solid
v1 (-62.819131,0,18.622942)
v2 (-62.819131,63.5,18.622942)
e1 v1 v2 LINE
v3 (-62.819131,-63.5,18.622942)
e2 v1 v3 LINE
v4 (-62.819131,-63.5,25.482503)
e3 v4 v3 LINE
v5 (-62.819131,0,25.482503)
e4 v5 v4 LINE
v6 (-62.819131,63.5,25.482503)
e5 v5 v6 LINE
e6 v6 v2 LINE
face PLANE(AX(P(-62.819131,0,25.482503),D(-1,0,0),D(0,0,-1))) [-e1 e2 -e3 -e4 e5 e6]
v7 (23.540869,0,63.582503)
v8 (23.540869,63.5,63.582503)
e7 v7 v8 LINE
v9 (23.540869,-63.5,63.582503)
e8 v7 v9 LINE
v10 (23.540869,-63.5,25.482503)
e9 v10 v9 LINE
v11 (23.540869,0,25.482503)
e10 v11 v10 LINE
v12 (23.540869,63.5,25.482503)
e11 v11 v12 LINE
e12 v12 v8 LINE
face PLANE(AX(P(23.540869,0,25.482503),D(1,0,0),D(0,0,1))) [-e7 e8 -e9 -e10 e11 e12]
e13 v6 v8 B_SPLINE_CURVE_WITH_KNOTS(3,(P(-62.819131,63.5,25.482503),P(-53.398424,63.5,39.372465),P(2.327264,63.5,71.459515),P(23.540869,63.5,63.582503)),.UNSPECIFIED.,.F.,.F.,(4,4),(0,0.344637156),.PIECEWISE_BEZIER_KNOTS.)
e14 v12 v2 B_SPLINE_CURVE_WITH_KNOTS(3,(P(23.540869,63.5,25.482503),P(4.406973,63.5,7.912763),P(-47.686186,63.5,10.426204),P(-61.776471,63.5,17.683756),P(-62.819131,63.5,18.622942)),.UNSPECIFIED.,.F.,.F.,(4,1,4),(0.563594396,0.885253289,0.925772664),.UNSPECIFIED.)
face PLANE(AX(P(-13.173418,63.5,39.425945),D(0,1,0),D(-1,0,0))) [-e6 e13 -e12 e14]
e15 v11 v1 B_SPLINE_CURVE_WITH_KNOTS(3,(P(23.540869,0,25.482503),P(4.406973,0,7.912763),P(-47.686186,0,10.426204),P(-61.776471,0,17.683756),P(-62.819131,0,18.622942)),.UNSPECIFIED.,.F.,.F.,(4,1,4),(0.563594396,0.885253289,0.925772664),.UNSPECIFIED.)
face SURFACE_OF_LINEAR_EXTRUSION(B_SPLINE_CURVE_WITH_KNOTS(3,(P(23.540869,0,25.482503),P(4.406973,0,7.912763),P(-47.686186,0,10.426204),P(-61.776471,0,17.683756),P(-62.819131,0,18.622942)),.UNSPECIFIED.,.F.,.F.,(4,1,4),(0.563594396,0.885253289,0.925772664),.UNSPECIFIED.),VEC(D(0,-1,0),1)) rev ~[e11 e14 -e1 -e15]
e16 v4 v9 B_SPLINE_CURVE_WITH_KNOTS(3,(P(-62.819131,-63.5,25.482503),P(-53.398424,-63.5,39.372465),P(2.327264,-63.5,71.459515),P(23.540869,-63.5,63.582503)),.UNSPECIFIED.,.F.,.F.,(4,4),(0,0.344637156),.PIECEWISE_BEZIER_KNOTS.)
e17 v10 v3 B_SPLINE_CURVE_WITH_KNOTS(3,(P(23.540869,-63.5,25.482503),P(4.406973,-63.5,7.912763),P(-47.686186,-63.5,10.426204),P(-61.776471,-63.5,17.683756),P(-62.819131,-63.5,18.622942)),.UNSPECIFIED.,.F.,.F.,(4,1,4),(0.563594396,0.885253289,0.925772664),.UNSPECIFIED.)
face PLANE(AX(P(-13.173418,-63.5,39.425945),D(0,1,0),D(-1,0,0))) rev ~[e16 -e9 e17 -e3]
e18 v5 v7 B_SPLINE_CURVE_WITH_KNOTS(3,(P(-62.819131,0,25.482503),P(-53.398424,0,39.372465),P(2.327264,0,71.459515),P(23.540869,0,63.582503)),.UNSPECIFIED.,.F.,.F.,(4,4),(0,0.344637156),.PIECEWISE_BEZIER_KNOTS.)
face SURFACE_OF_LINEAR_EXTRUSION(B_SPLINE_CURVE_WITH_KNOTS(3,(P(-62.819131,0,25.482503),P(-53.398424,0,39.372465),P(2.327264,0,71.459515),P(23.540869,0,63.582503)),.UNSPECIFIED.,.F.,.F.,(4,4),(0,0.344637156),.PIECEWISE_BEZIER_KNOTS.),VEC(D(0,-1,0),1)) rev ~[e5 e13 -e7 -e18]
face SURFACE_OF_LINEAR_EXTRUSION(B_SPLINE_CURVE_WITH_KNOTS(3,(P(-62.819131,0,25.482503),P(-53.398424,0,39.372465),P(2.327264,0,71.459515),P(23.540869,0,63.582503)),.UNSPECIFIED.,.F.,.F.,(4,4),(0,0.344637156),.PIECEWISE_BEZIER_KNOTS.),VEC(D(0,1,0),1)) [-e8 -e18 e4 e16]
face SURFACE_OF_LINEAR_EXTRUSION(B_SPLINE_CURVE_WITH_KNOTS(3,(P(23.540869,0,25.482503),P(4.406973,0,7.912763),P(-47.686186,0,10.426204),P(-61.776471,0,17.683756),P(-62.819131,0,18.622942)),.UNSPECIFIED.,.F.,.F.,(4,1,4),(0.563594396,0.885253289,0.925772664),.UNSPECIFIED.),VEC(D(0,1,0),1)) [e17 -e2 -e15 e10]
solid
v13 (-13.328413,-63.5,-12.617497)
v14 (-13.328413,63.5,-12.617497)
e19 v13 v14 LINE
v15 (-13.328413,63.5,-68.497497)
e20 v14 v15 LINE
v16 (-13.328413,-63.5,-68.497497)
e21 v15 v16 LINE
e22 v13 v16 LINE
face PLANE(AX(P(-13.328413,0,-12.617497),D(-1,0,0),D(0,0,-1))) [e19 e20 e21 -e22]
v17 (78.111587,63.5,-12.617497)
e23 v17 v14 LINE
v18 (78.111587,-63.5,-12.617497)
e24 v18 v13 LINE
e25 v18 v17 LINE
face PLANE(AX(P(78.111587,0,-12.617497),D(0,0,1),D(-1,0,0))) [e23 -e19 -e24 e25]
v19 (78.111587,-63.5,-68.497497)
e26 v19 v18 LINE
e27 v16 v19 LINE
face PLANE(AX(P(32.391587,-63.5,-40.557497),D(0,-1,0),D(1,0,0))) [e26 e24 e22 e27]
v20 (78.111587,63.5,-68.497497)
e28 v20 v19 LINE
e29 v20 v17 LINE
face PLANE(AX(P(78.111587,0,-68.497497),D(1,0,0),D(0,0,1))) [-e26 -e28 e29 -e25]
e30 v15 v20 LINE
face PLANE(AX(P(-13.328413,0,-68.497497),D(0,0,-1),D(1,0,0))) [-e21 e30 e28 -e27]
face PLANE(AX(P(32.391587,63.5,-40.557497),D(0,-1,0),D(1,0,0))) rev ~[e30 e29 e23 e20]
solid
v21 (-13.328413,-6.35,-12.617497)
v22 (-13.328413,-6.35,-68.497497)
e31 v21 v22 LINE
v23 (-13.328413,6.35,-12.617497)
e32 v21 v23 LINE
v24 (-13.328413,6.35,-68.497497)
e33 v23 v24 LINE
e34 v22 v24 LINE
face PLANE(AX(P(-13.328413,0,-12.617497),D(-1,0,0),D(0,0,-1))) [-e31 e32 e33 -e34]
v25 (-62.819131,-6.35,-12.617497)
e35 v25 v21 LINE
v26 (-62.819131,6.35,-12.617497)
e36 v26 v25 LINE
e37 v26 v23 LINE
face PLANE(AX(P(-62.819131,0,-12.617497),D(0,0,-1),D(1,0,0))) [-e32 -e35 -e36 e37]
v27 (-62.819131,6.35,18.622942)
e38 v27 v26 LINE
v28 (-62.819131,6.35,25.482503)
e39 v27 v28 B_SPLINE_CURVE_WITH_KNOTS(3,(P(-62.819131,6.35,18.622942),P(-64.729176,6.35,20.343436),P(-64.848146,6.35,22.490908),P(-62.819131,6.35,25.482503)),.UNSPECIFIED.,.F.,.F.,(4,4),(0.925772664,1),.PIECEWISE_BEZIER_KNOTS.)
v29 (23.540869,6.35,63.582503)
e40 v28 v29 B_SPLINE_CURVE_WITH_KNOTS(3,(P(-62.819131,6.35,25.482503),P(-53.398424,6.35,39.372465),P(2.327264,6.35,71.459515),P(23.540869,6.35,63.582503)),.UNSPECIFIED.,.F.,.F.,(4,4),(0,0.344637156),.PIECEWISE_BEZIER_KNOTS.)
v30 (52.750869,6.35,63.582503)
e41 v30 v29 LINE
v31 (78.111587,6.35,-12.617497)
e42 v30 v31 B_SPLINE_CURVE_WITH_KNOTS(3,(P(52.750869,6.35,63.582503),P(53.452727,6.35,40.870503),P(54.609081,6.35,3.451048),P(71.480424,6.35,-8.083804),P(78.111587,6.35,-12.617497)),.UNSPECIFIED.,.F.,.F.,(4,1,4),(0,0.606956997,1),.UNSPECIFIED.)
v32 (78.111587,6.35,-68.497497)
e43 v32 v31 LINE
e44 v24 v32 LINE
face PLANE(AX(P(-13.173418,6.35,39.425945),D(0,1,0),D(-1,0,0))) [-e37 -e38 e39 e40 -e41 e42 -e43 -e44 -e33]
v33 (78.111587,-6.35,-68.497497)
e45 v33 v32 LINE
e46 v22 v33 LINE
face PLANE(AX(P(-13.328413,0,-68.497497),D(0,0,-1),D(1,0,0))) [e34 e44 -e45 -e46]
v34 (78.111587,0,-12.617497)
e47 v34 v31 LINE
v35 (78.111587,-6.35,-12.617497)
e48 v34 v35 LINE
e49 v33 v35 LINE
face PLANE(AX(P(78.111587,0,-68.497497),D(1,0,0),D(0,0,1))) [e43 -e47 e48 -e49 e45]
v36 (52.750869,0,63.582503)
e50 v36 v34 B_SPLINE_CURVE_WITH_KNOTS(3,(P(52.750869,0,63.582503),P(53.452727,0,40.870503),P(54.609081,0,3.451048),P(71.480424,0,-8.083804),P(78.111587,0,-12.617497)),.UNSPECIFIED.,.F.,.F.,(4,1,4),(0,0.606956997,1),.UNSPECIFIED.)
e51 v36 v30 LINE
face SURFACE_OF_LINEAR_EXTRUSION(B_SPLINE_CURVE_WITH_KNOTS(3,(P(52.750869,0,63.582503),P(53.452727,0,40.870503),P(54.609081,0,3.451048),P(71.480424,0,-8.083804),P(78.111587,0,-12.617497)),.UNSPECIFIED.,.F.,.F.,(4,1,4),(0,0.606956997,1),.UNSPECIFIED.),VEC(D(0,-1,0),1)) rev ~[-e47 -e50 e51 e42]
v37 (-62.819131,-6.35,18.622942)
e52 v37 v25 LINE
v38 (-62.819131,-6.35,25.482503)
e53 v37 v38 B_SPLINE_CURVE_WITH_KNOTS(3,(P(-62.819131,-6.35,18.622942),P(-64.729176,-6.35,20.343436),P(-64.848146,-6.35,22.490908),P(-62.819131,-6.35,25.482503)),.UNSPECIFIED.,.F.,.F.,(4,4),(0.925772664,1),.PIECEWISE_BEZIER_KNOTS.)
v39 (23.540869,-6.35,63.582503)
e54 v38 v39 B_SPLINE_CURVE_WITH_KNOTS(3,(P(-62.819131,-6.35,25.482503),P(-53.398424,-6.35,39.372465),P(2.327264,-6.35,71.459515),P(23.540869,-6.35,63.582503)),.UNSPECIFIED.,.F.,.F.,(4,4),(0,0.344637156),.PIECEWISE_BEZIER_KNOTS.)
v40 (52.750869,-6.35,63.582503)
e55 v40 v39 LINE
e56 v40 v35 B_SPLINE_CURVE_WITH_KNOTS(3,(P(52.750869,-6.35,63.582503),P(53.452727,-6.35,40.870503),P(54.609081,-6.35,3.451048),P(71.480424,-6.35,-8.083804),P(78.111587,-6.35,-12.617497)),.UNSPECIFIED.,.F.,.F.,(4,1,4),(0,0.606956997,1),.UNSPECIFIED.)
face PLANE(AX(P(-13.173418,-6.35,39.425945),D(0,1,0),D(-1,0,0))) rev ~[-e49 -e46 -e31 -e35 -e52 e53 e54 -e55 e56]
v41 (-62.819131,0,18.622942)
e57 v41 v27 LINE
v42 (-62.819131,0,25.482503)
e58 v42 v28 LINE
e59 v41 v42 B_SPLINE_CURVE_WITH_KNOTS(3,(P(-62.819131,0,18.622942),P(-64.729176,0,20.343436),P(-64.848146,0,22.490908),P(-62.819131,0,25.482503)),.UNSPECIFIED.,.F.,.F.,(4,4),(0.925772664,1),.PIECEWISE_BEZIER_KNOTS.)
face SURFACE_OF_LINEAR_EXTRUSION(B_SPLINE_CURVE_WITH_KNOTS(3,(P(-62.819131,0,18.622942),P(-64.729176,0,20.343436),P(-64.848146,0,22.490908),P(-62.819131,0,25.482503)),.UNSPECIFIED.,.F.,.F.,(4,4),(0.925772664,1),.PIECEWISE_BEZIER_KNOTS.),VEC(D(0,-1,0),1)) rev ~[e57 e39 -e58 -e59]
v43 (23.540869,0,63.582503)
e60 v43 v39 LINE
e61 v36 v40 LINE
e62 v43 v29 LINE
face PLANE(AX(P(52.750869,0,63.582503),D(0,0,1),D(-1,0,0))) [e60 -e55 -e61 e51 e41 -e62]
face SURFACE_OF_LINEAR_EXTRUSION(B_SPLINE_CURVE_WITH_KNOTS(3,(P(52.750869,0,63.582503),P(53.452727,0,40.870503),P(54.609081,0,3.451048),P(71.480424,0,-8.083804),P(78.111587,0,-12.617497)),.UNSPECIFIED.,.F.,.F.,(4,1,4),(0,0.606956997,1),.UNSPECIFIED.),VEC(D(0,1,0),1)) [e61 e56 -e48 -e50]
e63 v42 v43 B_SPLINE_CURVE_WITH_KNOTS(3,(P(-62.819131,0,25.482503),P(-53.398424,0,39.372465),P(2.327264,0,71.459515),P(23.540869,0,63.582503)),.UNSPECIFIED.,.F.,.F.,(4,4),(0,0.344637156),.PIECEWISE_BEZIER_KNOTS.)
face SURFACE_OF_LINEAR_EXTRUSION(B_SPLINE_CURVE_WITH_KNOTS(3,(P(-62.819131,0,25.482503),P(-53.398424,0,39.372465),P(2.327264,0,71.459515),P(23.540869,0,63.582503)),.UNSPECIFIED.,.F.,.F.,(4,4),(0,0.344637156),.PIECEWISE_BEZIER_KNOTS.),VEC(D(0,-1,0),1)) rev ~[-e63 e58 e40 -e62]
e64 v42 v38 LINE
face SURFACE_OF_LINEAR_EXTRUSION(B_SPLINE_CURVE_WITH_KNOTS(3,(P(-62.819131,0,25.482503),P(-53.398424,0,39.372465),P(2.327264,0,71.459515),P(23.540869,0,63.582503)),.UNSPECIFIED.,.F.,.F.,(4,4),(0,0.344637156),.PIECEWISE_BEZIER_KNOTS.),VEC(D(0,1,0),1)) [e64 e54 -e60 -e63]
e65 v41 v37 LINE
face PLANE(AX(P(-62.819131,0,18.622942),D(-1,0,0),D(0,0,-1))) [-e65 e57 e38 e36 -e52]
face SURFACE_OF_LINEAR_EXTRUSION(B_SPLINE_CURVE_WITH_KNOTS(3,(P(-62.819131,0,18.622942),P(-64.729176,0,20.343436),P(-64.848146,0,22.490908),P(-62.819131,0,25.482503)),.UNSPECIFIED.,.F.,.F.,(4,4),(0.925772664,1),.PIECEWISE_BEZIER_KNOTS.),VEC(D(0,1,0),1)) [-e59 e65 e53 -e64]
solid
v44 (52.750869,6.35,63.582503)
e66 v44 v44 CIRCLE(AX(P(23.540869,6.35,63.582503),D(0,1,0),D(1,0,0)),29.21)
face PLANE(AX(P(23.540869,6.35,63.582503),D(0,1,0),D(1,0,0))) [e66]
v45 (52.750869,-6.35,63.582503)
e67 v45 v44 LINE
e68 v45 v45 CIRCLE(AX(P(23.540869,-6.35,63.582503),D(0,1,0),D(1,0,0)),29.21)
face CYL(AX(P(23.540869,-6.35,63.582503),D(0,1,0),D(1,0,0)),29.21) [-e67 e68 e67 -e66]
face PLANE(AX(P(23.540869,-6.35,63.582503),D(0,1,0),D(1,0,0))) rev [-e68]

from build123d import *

# Parameters (mm, degrees)
F1_DEPTH = 63.5
F2_DEPTH = 6.35


with BuildPart() as f1:
    # F0 (on Front) → F1 (new body, symmetric)
    with BuildSketch(Plane.XZ):
        with BuildLine():
            add(Edge.make_bspline(
                [(-62.8191306663, 25.4825032473), (-53.3984235242, 39.3724645125), (2.3272637423, 71.4595154464), (23.5408693337, 63.5825032473)],
                knots=[0, 0, 0, 0, 0.3446371565, 0.3446371565, 0.3446371565, 0.3446371565], degree=3))
            Line((-62.8191306663, 25.4825032473), (23.5408693337, 25.4825032473))
            Line((23.5408693337, 25.4825032473), (23.5408693337, 63.5825032473))
        make_face()
        with BuildLine():
            Line((23.5408693337, 25.4825032473), (-62.8191306663, 25.4825032473))
            Line((-62.8191306663, 25.4825032473), (-62.8191306663, 18.6229422223))
            add(Edge.make_bspline(
                [(23.5408693337, 25.4825032473), (4.4069734926, 7.9127626337), (-47.6861862114, 10.4262042613), (-61.7764711631, 17.683755635), (-62.8191306663, 18.6229422223)],
                knots=[0.5635943956, 0.5635943956, 0.5635943956, 0.5635943956, 0.8852532886, 0.9257726642, 0.9257726642, 0.9257726642, 0.9257726642], degree=3))
        make_face()
    extrude(amount=F1_DEPTH, both=True)


with BuildPart() as f1b:
    # F0 (on Front) → F1, piece 2 (new body, symmetric)
    with BuildSketch(Plane.XZ):
        Polygon((52.7508693337, -12.6174967527), (23.5408693337, -12.6174967527), (-13.328413029, -12.6174967527), (-13.328413029, -68.4974967527), (78.111586971, -68.4974967527), (78.111586971, -12.6174967527), align=None)
    extrude(amount=F1_DEPTH, both=True)


with BuildPart() as f2:
    # F0 (on Front) → F2 (new body, symmetric)
    with BuildSketch(Plane.XZ):
        with BuildLine():
            add(Edge.make_bspline(
                [(-62.8191306663, 25.4825032473), (-53.3984235242, 39.3724645125), (2.3272637423, 71.4595154464), (23.5408693337, 63.5825032473)],
                knots=[0, 0, 0, 0, 0.3446371565, 0.3446371565, 0.3446371565, 0.3446371565], degree=3))
            Line((-62.8191306663, 25.4825032473), (23.5408693337, 25.4825032473))
            Line((23.5408693337, 25.4825032473), (23.5408693337, 63.5825032473))
        make_face()
        with BuildLine():
            Line((23.5408693337, 25.4825032473), (-62.8191306663, 25.4825032473))
            Line((-62.8191306663, 25.4825032473), (-62.8191306663, 18.6229422223))
            add(Edge.make_bspline(
                [(23.5408693337, 25.4825032473), (4.4069734926, 7.9127626337), (-47.6861862114, 10.4262042613), (-61.7764711631, 17.683755635), (-62.8191306663, 18.6229422223)],
                knots=[0.5635943956, 0.5635943956, 0.5635943956, 0.5635943956, 0.8852532886, 0.9257726642, 0.9257726642, 0.9257726642, 0.9257726642], degree=3))
        make_face()
        with BuildLine():
            Line((-62.8191306663, 18.6229422223), (-62.8191306663, 25.4825032473))
            add(Edge.make_bspline(
                [(-62.8191306663, 18.6229422223), (-64.7291758198, 20.3434356182), (-64.8481457602, 22.4909081753), (-62.8191306663, 25.4825032473)],
                knots=[0.9257726642, 0.9257726642, 0.9257726642, 0.9257726642, 1, 1, 1, 1], degree=3))
        make_face()
        with BuildLine():
            add(Edge.make_bspline(
                [(23.5408693337, 63.5825032473), (37.0184425553, 58.578025898), (36.5655520002, 37.44244585), (23.5408693337, 25.4825032473)],
                knots=[0.3446371565, 0.3446371565, 0.3446371565, 0.3446371565, 0.5635943956, 0.5635943956, 0.5635943956, 0.5635943956], degree=3))
            Line((23.5408693337, 25.4825032473), (23.5408693337, -12.6174967527))
            Line((23.5408693337, -12.6174967527), (52.7508693337, -12.6174967527))
            Line((52.7508693337, -12.6174967527), (52.7508693337, 63.5825032473))
            Line((52.7508693337, 63.5825032473), (23.5408693337, 63.5825032473))
        make_face()
        with BuildLine():
            Line((23.5408693337, 63.5825032473), (23.5408693337, 25.4825032473))
            add(Edge.make_bspline(
                [(23.5408693337, 63.5825032473), (37.0184425553, 58.578025898), (36.5655520002, 37.44244585), (23.5408693337, 25.4825032473)],
                knots=[0.3446371565, 0.3446371565, 0.3446371565, 0.3446371565, 0.5635943956, 0.5635943956, 0.5635943956, 0.5635943956], degree=3))
        make_face()
        with BuildLine():
            Line((23.5408693337, -12.6174967527), (23.5408693337, 25.4825032473))
            add(Edge.make_bspline(
                [(23.5408693337, 25.4825032473), (4.4069734926, 7.9127626337), (-47.6861862114, 10.4262042613), (-61.7764711631, 17.683755635), (-62.8191306663, 18.6229422223)],
                knots=[0.5635943956, 0.5635943956, 0.5635943956, 0.5635943956, 0.8852532886, 0.9257726642, 0.9257726642, 0.9257726642, 0.9257726642], degree=3))
            Line((-62.8191306663, 18.6229422223), (-62.8191306663, -12.6174967527))
            Line((-62.8191306663, -12.6174967527), (-13.328413029, -12.6174967527))
            Line((-13.328413029, -12.6174967527), (23.5408693337, -12.6174967527))
        make_face()
        Polygon((52.7508693337, -12.6174967527), (23.5408693337, -12.6174967527), (-13.328413029, -12.6174967527), (-13.328413029, -68.4974967527), (78.111586971, -68.4974967527), (78.111586971, -12.6174967527), align=None)
        with BuildLine():
            add(Edge.make_bspline(
                [(52.7508693337, 63.5825032473), (53.4527266053, 40.8705029879), (54.6090808037, 3.4510476137), (71.4804236947, -8.0838040244), (78.111586971, -12.6174967527)],
                knots=[0, 0, 0, 0, 0.6069569969, 1, 1, 1, 1], degree=3))
            Line((52.7508693337, 63.5825032473), (52.7508693337, -12.6174967527))
            Line((52.7508693337, -12.6174967527), (78.111586971, -12.6174967527))
        make_face()
    extrude(amount=F2_DEPTH, both=True)


with BuildPart() as f3:
    # F2_face (on face) → F3 (revolve)
    with BuildSketch(Plane(origin=(38.1458693337, 0, 63.5825032473), x_dir=(1, 0, 0), z_dir=(0, 0, 1))):
        Polygon((14.605, 0), (14.605, 6.35), (-14.605, 6.35), (-14.605, 0), (-14.605, -6.35), (14.605, -6.35), align=None)
    revolve(axis=Axis((23.5408693337, 0, 63.5825032473), (0, 1, 0)))


solid = Compound([f1.part, f1b.part, f2.part, f3.part])
